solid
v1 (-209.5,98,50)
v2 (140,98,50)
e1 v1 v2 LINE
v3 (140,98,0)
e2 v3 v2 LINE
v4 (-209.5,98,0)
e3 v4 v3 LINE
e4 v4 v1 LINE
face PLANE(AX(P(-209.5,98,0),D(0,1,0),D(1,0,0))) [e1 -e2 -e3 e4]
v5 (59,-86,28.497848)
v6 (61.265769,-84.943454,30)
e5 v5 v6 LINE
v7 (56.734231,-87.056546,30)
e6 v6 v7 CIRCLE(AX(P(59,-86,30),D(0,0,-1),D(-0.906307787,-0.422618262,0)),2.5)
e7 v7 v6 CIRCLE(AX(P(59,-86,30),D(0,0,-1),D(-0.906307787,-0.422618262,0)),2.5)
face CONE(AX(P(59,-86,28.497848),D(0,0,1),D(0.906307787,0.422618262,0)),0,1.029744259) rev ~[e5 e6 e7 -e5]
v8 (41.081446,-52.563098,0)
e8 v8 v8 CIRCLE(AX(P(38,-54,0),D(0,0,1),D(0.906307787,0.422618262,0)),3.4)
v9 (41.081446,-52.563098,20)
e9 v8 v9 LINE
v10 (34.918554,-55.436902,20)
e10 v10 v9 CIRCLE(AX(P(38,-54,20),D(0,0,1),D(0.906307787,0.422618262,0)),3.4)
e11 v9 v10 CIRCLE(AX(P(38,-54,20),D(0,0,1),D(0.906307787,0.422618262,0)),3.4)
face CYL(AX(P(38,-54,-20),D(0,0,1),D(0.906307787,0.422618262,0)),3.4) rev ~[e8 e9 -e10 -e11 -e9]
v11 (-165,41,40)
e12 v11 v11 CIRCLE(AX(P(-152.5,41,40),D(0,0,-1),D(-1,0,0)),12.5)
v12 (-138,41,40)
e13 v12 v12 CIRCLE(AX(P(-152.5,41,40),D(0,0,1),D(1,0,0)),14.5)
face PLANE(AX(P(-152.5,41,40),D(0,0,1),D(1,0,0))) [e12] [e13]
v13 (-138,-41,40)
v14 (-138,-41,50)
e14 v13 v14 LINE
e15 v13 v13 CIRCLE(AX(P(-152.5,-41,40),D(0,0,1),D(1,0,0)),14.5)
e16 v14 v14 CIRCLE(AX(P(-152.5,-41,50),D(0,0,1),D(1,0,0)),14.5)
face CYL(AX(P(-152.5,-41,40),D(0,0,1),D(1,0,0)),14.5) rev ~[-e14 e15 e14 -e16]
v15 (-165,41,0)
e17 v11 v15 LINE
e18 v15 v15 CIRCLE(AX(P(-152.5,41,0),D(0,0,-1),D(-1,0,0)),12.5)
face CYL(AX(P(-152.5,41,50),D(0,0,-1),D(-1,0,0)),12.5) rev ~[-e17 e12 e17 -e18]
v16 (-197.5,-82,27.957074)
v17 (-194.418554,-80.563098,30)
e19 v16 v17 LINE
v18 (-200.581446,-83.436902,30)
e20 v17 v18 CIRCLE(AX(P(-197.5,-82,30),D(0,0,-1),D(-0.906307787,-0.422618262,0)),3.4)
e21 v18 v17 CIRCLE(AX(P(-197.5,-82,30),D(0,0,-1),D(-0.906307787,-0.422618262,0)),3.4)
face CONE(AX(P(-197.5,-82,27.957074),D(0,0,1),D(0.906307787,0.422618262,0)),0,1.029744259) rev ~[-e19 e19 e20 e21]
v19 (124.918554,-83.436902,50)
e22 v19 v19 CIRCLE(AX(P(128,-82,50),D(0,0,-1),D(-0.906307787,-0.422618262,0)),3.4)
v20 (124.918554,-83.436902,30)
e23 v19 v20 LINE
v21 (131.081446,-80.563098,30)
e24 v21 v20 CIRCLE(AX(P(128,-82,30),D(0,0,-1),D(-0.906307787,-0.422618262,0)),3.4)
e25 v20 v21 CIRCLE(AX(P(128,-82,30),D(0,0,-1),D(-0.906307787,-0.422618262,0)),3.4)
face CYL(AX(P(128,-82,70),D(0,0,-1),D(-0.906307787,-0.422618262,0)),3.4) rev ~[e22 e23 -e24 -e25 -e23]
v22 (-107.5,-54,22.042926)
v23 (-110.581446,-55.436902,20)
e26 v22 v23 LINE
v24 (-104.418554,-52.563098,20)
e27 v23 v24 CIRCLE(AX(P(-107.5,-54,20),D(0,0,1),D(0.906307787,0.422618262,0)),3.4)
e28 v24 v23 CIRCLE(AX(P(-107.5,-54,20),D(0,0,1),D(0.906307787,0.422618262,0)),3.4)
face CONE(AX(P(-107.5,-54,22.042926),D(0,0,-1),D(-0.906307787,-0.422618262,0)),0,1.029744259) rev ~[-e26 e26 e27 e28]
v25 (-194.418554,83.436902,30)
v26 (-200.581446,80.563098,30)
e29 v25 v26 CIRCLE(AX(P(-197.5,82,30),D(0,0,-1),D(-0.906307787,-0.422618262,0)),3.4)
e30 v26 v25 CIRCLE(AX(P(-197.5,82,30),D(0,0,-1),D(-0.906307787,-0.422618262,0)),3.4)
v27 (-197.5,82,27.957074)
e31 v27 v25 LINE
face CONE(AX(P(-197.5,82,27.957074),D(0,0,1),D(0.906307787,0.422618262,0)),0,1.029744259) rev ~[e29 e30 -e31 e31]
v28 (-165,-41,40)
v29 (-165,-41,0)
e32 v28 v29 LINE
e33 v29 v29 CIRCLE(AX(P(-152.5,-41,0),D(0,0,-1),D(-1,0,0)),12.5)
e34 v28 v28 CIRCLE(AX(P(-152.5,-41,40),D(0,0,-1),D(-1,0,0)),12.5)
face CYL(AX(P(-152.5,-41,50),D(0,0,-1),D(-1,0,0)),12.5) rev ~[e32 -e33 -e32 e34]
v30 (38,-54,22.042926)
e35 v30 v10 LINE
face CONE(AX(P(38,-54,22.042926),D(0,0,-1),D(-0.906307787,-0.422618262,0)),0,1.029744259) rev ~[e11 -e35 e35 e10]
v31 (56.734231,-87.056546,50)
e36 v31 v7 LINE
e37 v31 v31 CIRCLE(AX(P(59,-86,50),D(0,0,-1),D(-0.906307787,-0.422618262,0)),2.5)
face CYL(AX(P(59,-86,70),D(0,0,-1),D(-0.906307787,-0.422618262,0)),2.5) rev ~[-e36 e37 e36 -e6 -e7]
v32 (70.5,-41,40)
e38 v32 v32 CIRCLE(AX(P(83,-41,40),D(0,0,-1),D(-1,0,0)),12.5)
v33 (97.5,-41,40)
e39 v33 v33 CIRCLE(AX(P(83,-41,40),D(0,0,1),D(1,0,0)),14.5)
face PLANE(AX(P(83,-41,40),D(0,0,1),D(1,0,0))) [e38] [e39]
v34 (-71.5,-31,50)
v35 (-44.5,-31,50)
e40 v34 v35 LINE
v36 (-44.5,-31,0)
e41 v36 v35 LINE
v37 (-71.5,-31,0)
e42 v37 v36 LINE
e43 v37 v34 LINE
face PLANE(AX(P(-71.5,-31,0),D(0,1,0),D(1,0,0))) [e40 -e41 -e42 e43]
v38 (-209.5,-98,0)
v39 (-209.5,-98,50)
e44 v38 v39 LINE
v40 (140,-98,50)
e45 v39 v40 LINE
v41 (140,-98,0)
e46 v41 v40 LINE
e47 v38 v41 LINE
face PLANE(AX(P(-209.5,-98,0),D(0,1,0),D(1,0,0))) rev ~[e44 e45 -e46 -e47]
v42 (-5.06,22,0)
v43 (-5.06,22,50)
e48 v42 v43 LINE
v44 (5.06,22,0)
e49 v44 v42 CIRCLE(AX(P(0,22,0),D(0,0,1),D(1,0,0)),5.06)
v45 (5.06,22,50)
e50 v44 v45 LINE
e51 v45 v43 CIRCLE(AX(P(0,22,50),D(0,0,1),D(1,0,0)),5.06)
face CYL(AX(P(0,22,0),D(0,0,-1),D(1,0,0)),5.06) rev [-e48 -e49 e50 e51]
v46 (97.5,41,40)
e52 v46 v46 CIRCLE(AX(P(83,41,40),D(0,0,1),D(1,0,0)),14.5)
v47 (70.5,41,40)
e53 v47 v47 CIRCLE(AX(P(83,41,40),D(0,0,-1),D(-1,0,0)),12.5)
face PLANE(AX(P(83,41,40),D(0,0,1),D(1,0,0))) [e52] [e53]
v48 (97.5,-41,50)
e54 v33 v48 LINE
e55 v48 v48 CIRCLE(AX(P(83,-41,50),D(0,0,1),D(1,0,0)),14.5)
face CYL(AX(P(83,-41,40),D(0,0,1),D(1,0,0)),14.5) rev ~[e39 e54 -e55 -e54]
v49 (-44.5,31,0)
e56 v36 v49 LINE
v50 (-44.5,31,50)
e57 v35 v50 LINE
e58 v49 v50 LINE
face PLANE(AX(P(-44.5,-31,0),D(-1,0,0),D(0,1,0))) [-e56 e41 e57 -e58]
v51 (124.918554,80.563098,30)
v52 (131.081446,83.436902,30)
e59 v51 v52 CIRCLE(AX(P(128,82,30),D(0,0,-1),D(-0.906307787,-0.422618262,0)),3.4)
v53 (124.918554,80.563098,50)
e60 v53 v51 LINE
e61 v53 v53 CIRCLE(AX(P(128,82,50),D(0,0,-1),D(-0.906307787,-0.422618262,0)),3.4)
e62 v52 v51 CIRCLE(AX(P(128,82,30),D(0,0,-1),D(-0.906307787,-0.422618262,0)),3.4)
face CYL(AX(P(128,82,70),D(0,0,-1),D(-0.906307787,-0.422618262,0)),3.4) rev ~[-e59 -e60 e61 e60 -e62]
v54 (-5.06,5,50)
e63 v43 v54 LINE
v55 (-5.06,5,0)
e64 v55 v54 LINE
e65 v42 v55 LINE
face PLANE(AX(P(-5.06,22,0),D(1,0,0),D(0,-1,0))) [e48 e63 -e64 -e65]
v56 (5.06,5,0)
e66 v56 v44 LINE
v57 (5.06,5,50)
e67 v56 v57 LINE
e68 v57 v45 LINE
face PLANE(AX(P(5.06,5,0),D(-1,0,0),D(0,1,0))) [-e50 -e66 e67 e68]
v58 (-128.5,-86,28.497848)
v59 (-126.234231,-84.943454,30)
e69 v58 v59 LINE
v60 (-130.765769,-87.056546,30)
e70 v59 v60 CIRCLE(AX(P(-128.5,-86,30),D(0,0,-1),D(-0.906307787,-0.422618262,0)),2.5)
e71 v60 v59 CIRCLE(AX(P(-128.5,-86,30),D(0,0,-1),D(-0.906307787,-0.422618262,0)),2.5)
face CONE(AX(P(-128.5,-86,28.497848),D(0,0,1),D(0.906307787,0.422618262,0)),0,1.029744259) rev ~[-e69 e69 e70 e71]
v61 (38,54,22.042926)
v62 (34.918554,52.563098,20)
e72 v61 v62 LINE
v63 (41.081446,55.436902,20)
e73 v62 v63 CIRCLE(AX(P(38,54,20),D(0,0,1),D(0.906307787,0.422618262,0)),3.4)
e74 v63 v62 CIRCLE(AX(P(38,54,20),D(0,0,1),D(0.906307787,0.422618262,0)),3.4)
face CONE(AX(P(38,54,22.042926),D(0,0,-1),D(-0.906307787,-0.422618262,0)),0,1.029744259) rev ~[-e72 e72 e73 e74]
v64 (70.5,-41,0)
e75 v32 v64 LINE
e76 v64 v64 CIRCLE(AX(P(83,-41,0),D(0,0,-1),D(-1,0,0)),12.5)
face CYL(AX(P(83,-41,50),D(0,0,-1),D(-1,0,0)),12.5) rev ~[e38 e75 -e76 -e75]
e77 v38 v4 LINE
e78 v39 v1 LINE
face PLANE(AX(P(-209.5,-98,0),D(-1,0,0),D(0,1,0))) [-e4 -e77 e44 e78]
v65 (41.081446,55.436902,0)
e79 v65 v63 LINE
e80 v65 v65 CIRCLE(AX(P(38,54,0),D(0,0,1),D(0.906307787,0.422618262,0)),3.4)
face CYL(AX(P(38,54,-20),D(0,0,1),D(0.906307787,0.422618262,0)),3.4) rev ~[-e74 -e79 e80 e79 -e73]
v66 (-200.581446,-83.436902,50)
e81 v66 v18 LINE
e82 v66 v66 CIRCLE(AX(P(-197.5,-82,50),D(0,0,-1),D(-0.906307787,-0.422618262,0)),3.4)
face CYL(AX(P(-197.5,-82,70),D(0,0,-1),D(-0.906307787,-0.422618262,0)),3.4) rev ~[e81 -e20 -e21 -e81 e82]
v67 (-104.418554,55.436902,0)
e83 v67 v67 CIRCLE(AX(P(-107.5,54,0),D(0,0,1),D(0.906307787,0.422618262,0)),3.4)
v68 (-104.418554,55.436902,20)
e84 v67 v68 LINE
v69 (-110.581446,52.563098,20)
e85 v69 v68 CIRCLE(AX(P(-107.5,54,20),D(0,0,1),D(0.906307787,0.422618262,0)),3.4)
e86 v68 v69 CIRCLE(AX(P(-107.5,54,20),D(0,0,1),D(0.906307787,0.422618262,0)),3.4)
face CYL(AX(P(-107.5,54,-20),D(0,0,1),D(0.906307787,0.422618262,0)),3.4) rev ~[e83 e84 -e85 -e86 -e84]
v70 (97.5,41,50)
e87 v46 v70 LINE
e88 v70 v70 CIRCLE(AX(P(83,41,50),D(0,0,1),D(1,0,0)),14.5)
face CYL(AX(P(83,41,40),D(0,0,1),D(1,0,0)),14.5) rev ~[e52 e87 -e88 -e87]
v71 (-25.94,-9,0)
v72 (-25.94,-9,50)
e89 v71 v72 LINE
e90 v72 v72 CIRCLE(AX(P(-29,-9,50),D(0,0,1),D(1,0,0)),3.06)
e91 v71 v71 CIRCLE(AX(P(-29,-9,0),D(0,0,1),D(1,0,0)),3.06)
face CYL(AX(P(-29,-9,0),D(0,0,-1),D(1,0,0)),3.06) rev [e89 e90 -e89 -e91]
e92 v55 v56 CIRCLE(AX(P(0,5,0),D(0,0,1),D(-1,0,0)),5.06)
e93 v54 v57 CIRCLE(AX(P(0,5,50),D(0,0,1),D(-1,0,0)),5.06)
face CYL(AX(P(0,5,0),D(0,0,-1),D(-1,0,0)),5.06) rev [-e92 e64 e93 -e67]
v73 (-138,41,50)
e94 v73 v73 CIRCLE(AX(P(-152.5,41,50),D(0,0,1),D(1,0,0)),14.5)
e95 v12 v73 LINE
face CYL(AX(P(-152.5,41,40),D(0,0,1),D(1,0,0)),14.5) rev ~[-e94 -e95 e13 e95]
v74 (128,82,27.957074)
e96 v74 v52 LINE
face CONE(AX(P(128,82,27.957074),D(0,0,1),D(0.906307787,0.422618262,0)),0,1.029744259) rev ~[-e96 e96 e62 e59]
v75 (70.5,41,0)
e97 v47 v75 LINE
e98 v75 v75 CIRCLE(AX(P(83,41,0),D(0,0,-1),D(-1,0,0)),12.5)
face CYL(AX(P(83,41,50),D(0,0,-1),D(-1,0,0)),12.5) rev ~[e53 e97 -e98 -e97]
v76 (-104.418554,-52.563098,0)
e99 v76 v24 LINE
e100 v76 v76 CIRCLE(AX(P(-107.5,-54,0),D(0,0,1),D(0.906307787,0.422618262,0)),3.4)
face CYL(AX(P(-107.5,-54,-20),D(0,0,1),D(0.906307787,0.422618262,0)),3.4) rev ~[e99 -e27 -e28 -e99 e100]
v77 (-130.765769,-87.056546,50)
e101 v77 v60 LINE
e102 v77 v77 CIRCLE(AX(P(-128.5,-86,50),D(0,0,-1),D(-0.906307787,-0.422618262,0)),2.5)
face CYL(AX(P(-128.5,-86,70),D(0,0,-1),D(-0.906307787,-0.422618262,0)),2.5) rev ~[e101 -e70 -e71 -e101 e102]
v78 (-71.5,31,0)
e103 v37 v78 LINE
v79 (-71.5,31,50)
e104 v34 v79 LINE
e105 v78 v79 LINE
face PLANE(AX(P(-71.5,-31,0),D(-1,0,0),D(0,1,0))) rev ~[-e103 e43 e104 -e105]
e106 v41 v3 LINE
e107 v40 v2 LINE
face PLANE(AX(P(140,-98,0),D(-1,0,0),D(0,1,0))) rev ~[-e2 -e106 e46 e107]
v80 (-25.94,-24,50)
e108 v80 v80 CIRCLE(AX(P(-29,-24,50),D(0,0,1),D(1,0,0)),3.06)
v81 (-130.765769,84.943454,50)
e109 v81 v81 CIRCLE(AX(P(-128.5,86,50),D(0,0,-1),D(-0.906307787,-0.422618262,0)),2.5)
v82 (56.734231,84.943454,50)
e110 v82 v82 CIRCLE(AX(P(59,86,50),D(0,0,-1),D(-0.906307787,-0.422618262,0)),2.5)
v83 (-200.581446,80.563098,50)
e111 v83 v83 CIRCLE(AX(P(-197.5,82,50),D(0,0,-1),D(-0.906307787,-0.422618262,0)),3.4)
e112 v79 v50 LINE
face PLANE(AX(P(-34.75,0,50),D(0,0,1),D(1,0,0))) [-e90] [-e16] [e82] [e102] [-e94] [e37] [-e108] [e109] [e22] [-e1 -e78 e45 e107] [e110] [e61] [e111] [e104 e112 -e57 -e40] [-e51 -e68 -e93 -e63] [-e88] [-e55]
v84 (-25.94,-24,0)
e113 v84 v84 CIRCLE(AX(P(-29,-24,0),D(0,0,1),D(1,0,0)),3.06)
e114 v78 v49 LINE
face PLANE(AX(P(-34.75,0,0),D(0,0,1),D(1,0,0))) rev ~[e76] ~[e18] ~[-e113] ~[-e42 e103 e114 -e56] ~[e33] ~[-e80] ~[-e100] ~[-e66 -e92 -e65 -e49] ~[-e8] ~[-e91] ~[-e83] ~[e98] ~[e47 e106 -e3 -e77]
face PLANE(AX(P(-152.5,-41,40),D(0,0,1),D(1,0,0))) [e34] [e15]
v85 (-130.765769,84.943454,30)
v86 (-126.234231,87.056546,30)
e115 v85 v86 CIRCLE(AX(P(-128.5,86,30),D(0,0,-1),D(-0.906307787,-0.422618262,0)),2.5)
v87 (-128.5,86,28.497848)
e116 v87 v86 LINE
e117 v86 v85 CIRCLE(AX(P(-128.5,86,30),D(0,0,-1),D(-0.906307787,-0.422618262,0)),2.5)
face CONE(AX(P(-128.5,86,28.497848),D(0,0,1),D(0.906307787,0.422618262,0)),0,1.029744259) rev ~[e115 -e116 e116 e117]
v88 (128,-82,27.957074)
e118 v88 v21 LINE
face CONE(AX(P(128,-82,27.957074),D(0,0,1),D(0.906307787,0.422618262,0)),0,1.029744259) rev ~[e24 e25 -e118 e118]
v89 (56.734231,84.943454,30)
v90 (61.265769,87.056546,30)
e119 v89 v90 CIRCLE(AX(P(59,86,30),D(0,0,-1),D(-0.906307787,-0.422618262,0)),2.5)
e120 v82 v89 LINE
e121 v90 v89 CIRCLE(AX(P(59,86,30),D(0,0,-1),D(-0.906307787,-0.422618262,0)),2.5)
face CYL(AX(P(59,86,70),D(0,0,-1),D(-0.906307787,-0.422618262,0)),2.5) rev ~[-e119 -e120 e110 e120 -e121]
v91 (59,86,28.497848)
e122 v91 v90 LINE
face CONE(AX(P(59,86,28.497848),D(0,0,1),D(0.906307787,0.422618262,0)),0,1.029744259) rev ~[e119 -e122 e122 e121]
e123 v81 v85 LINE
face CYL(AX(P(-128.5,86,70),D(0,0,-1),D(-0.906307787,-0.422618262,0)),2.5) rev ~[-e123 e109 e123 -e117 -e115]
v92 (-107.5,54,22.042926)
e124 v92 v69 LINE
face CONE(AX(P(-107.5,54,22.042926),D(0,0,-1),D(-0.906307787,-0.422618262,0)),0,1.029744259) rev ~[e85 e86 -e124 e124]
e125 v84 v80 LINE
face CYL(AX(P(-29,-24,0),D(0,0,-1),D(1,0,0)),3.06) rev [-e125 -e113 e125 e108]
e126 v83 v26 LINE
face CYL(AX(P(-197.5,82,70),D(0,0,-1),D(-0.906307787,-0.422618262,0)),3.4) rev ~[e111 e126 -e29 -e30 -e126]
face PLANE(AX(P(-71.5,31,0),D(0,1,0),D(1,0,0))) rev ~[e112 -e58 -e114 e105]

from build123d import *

# Parameters (mm, degrees)
SKETCH2_W                  = 349.5
SKETCH2_H                  = 196
SKETCH2_R                  = 3.06
SKETCH2_W_2                = 27
SKETCH2_H_2                = 62
BOSS_EXTRUDE1_DEPTH        = 50
M8X1_25_TAPPED_HOLE2_D     = 6.8
M8X1_25_TAPPED_HOLE2_DEPTH = 20
M8X1_25_TAPPED_HOLE2_TIP   = 2.042926105
M6X1_0_TAPPED_HOLE1_D      = 5
M6X1_0_TAPPED_HOLE1_DEPTH  = 20
M6X1_0_TAPPED_HOLE1_TIP    = 1.502151548
M6X1_0_TAPPED_HOLE2_D      = 5
M6X1_0_TAPPED_HOLE2_DEPTH  = 20
M6X1_0_TAPPED_HOLE2_TIP    = 1.502151548
M8X1_25_TAPPED_HOLE4_D     = 6.8
M8X1_25_TAPPED_HOLE4_DEPTH = 20
M8X1_25_TAPPED_HOLE4_TIP   = 2.042926105
M8X1_25_TAPPED_HOLE5_D     = 6.8
M8X1_25_TAPPED_HOLE5_DEPTH = 20
M8X1_25_TAPPED_HOLE5_TIP   = 2.042926105
HOLE1_D                    = 25
HOLE1_DEPTH                = 70
HOLE1_CBORE_D              = 29
HOLE1_CBORE_DEPTH          = 10


with BuildPart() as part:
    # Sketch2 → Boss-Extrude1 (new body)
    with BuildSketch(Plane.XY):
        with Locations((-34.75, 0)):
            Rectangle(SKETCH2_W, SKETCH2_H)
        with Locations((-29, -24)):
            Circle(SKETCH2_R, mode=Mode.SUBTRACT)
        with Locations((-29, -9)):
            Circle(SKETCH2_R, mode=Mode.SUBTRACT)
        with Locations((-58, 0)):
            Rectangle(SKETCH2_W_2, SKETCH2_H_2, mode=Mode.SUBTRACT)
        with BuildLine():
            Line((-5.06, 22), (-5.06, 5))
            ThreePointArc((-5.06, 5), (0, -0.06), (5.06, 5))
            Line((5.06, 5), (5.06, 22))
            ThreePointArc((5.06, 22), (0, 27.06), (-5.06, 22))
        make_face(mode=Mode.SUBTRACT)
    extrude(amount=BOSS_EXTRUDE1_DEPTH)

    # M8x1.25 Tapped Hole2
    with Locations(Plane(origin=(0, 0, 0), x_dir=(-0.9063077870366375, -0.4226182617407263, 0), z_dir=(0, 0, -1))):
        with Locations((74.606700972, 94.372083637), (120.24947324, -3.509157363), (-57.261082041, 32.881126554), (-11.618309773, -65.000114446)):
            Hole(M8X1_25_TAPPED_HOLE2_D / 2, depth=M8X1_25_TAPPED_HOLE2_DEPTH)
            with Locations((0, 0, -(M8X1_25_TAPPED_HOLE2_DEPTH + M8X1_25_TAPPED_HOLE2_TIP / 2))):  # 118° drill point
                Cone(0, M8X1_25_TAPPED_HOLE2_D / 2, M8X1_25_TAPPED_HOLE2_TIP, mode=Mode.SUBTRACT)

    # M6x1.0 Tapped Hole1
    with Locations(Plane(origin=(0, 0, 50), x_dir=(0.9063077870366375, 0.4226182617407263, 0), z_dir=(0, 0, 1))):
        with Locations((89.817329945, 53.007992242), (17.126988925, -102.876947128)):
            Hole(M6X1_0_TAPPED_HOLE1_D / 2, depth=M6X1_0_TAPPED_HOLE1_DEPTH)
            with Locations((0, 0, -(M6X1_0_TAPPED_HOLE1_DEPTH + M6X1_0_TAPPED_HOLE1_TIP / 2))):  # 118° drill point
                Cone(0, M6X1_0_TAPPED_HOLE1_D / 2, M6X1_0_TAPPED_HOLE1_TIP, mode=Mode.SUBTRACT)

    # M6x1.0 Tapped Hole2
    with Locations(Plane(origin=(0, 0, 50), x_dir=(0.9063077870366375, 0.4226182617407263, 0), z_dir=(0, 0, 1))):
        with Locations((-80.115380125, 132.248916319), (-152.805721144, -23.636023051)):
            Hole(M6X1_0_TAPPED_HOLE2_D / 2, depth=M6X1_0_TAPPED_HOLE2_DEPTH)
            with Locations((0, 0, -(M6X1_0_TAPPED_HOLE2_DEPTH + M6X1_0_TAPPED_HOLE2_TIP / 2))):  # 118° drill point
                Cone(0, M6X1_0_TAPPED_HOLE2_D / 2, M6X1_0_TAPPED_HOLE2_TIP, mode=Mode.SUBTRACT)

    # M8x1.25 Tapped Hole4
    with Locations(Plane(origin=(0, 0, 50), x_dir=(0.9063077870366375, 0.4226182617407263, 0), z_dir=(0, 0, 1))):
        with Locations((81.352699278, -128.41237604), (150.662094203, 20.222101034)):
            Hole(M8X1_25_TAPPED_HOLE4_D / 2, depth=M8X1_25_TAPPED_HOLE4_DEPTH)
            with Locations((0, 0, -(M8X1_25_TAPPED_HOLE4_DEPTH + M8X1_25_TAPPED_HOLE4_TIP / 2))):  # 118° drill point
                Cone(0, M8X1_25_TAPPED_HOLE4_D / 2, M8X1_25_TAPPED_HOLE4_TIP, mode=Mode.SUBTRACT)

    # M8x1.25 Tapped Hole5
    with Locations(Plane(origin=(0, 0, 50), x_dir=(0.9063077870366375, 0.4226182617407263, 0), z_dir=(0, 0, 1))):
        with Locations((-144.341090477, 157.784345231), (-213.650485402, 9.149868157)):
            Hole(M8X1_25_TAPPED_HOLE5_D / 2, depth=M8X1_25_TAPPED_HOLE5_DEPTH)
            with Locations((0, 0, -(M8X1_25_TAPPED_HOLE5_DEPTH + M8X1_25_TAPPED_HOLE5_TIP / 2))):  # 118° drill point
                Cone(0, M8X1_25_TAPPED_HOLE5_D / 2, M8X1_25_TAPPED_HOLE5_TIP, mode=Mode.SUBTRACT)

    # Hole1
    with Locations(Plane(origin=(83, -41, 50), x_dir=(1, 0, 0), z_dir=(0, 0, 1))):
        with Locations((0, 0), (0, 82), (-235.5, 82), (-235.5, 0)):
            CounterBoreHole(HOLE1_D / 2, HOLE1_CBORE_D / 2, HOLE1_CBORE_DEPTH, depth=HOLE1_DEPTH)


solid = part.part
